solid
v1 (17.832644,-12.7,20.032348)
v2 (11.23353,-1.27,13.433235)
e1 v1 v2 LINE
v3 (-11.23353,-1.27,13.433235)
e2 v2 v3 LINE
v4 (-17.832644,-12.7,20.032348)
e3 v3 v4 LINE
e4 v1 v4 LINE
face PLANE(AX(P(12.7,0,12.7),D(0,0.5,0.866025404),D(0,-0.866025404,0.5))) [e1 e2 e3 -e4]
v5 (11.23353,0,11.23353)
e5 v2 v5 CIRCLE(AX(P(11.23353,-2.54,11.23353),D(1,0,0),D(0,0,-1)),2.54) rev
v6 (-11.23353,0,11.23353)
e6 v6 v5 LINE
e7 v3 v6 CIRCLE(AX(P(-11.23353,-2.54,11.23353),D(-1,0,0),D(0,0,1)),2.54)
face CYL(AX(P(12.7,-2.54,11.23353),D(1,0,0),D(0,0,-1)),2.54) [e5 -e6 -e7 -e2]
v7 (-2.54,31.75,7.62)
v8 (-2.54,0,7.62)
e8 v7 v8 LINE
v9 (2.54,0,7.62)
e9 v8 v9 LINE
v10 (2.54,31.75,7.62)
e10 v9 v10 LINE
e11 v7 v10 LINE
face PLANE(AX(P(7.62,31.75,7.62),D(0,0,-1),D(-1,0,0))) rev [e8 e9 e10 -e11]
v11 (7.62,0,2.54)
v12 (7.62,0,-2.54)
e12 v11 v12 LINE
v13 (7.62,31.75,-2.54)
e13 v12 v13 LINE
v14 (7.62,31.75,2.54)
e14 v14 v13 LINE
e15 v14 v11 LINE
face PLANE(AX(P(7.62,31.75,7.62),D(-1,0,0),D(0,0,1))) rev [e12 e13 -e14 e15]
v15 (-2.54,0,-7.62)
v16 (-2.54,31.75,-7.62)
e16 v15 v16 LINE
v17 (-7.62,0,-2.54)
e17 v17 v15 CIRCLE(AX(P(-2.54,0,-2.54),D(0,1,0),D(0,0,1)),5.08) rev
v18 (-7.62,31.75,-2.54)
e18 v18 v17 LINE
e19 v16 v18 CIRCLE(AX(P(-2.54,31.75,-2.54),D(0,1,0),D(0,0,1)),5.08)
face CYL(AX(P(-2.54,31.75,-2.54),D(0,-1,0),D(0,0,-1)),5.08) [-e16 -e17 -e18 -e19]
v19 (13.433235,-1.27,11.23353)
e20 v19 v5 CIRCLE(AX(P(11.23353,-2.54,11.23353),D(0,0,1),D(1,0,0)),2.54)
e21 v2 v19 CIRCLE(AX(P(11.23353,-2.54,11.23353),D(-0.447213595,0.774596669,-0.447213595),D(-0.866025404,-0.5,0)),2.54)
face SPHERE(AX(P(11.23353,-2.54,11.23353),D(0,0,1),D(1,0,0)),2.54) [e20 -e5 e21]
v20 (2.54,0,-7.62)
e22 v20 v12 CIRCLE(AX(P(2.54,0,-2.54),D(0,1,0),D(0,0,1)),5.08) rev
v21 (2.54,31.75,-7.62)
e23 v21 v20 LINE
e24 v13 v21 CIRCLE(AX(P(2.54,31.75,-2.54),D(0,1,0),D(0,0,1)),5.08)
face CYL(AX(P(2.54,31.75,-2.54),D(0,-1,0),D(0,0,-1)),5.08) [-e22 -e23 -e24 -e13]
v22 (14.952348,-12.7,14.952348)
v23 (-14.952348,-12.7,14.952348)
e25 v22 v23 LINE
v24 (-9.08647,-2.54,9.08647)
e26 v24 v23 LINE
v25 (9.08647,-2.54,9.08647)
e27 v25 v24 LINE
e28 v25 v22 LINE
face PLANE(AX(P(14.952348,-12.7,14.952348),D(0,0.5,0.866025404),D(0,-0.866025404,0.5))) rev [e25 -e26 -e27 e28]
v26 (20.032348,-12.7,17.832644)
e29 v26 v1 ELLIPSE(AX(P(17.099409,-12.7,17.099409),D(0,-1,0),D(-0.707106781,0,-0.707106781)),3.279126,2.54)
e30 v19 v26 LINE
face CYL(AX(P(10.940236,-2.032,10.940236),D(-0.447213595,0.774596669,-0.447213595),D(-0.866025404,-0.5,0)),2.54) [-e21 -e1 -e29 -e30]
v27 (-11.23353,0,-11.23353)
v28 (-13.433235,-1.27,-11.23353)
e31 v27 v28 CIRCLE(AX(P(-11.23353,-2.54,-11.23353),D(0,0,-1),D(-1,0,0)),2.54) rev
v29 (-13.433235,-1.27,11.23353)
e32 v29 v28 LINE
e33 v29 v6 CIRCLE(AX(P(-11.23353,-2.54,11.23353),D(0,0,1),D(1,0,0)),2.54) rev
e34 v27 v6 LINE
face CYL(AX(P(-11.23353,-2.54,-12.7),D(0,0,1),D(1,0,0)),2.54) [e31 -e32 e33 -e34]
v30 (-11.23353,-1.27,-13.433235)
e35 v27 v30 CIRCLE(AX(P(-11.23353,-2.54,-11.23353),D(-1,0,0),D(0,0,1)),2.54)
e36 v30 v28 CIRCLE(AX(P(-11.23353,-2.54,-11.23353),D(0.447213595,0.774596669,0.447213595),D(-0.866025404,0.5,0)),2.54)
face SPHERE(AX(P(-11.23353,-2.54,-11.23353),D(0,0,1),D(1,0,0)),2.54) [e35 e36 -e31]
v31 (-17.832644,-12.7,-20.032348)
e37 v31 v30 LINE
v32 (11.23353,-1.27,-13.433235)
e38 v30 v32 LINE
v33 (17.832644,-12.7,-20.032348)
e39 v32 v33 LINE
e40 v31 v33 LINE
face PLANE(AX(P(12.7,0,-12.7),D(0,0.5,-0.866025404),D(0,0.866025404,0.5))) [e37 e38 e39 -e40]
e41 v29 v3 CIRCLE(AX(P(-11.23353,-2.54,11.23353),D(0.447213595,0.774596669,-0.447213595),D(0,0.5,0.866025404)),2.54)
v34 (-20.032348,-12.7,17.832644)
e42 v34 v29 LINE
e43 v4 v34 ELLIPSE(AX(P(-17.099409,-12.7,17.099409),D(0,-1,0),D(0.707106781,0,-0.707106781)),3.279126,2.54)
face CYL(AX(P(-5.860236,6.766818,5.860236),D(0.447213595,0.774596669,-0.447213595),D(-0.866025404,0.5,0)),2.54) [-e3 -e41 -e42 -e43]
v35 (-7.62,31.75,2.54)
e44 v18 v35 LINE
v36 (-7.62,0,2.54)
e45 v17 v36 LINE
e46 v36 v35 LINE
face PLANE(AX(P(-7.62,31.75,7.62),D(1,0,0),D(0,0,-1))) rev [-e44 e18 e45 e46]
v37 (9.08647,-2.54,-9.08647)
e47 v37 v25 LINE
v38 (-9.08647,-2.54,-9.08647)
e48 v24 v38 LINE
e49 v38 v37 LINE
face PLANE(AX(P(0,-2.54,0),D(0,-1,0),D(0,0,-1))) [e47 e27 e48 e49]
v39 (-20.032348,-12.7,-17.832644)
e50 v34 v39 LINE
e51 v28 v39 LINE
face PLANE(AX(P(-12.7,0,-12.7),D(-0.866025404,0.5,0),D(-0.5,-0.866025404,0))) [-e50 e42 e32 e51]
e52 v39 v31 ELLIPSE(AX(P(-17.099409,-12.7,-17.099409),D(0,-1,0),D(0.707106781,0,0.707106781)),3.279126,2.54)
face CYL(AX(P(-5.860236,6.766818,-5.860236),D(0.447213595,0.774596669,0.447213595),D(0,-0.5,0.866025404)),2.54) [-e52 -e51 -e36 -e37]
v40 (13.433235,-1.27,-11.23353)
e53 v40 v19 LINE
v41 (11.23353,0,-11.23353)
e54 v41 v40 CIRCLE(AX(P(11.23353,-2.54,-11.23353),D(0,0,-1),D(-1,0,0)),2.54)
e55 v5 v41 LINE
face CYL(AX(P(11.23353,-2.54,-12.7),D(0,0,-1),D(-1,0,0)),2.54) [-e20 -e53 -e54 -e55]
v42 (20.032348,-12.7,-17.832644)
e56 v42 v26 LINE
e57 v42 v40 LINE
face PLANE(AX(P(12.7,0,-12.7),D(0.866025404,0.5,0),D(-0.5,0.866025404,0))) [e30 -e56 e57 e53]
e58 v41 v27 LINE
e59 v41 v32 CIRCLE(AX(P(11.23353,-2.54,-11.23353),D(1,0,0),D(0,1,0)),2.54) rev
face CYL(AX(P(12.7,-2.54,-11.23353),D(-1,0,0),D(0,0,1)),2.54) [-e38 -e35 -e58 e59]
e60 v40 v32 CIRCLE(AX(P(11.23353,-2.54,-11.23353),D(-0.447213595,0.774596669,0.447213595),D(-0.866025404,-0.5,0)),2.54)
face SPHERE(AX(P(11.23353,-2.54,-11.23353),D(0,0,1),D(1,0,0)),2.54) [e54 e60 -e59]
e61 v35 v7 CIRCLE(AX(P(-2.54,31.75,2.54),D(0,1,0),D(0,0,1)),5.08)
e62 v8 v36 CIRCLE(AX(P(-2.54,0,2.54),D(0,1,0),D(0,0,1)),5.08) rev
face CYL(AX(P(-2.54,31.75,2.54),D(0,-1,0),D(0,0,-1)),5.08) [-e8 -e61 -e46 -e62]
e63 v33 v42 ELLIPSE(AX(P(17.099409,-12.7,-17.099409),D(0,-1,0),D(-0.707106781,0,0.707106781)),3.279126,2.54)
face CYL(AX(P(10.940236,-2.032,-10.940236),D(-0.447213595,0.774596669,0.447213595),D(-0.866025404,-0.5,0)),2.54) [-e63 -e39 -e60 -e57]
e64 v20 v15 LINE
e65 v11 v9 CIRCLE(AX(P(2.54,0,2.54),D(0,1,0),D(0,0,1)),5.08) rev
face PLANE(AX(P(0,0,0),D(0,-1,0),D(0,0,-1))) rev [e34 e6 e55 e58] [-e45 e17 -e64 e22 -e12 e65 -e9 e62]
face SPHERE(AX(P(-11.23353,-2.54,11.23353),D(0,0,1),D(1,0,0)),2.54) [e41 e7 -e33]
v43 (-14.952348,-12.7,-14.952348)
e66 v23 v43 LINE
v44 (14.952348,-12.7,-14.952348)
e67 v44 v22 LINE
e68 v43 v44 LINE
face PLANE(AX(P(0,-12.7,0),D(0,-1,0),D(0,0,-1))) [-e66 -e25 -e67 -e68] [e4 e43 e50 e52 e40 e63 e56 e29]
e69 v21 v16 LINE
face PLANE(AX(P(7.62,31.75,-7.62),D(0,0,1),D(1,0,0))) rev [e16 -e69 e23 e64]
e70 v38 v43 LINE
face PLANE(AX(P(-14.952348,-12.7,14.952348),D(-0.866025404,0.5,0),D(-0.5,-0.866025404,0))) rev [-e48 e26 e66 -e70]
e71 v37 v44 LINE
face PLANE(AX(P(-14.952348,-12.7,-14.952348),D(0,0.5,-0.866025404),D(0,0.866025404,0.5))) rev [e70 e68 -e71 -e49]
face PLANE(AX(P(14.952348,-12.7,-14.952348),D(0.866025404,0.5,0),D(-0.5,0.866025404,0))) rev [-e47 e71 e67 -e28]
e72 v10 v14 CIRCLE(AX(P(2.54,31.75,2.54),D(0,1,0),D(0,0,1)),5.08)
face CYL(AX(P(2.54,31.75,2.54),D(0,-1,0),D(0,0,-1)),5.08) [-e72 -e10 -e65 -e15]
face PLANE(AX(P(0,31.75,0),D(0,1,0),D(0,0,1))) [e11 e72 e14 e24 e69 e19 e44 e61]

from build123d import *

# Parameters (mm, degrees)
SKETCH1_W           = 15.24
SKETCH1_H           = 15.24
BOSS_EXTRUDE1_DEPTH = 31.75
FILLET1_R           = 5.08
SKETCH2_W           = 25.4
SKETCH2_H           = 25.4
BOSS_EXTRUDE3_DEPTH = 12.7
BOSS_EXTRUDE3_DRAFT = -30
SKETCH5_W           = 29.904696838
SKETCH5_H           = 29.904696838
CUT_EXTRUDE1_DEPTH  = 10.16
CUT_EXTRUDE1_DRAFT  = -30
FILLET2_R           = 2.54


with BuildPart() as part:
    # Sketch1 → Boss-Extrude1 (new body)
    with BuildSketch(Plane(origin=(0, 0, 0), x_dir=(1, 0, 0), z_dir=(0, 1, 0))):
        Rectangle(SKETCH1_W, SKETCH1_H)
    extrude(amount=BOSS_EXTRUDE1_DEPTH)

    # Fillet1
    fillet1_edges = [part.edges().sort_by_distance(p)[0] for p in [
        (-7.62, 15.875, -7.62),
        (7.62, 15.875, -7.62),
        (7.62, 15.875, 7.62),
        (-7.62, 15.875, 7.62),
    ]]
    fillet(fillet1_edges, radius=FILLET1_R)


with BuildPart() as boss_extrude3_tool:
    # Sketch2 → Boss-Extrude3 (with draft: the straight prism first)
    with BuildSketch(Plane.XZ):
        Rectangle(SKETCH2_W, SKETCH2_H)
    extrude(amount=BOSS_EXTRUDE3_DEPTH)
    # Boss-Extrude3: the draft: its side faces are tilted about the plane it starts from
    boss_extrude3_sides = [boss_extrude3_tool.faces().sort_by_distance(p)[0] for p in [
        (12.7, -6.35, 0),
        (0, -6.35, 12.7),
        (-12.7, -6.35, 0),
        (0, -6.35, -12.7),
    ]]
    draft(boss_extrude3_sides, Plane.XZ, BOSS_EXTRUDE3_DRAFT)


with BuildPart() as part_1:
    add(part.part)

    # Boss-Extrude3: add boss_extrude3_tool
    add(boss_extrude3_tool.part)


with BuildPart() as cut_extrude1_tool:
    # Sketch5 → Cut-Extrude1 (with draft: the straight prism first)
    with BuildSketch(Plane.XZ.offset(12.7)):
        Rectangle(SKETCH5_W, SKETCH5_H)
    extrude(amount=-CUT_EXTRUDE1_DEPTH)
    # Cut-Extrude1: the draft: its side faces are tilted about the plane it starts from
    cut_extrude1_sides = [cut_extrude1_tool.faces().sort_by_distance(p)[0] for p in [
        (-14.952348419, -7.62, 0),
        (0, -7.62, -14.952348419),
        (14.952348419, -7.62, 0),
        (0, -7.62, 14.952348419),
    ]]
    draft(cut_extrude1_sides, Plane.XZ.offset(12.7), CUT_EXTRUDE1_DRAFT)


with BuildPart() as part_2:
    add(part_1.part)

    # Cut-Extrude1: cut by cut_extrude1_tool
    add(cut_extrude1_tool.part, mode=Mode.SUBTRACT)

    # Fillet2
    fillet2_edges = [part_2.edges().sort_by_distance(p)[0] for p in [
        (-12.7, 0, 0),
        (-16.366174209, -6.35, 16.366174209),
        (0, 0, -12.7),
        (-16.366174209, -6.35, -16.366174209),
        (12.7, 0, 0),
        (16.366174209, -6.35, -16.366174209),
        (0, 0, 12.7),
        (16.366174209, -6.35, 16.366174209),
    ]]
    fillet(fillet2_edges, radius=FILLET2_R)


solid = part_2.part
